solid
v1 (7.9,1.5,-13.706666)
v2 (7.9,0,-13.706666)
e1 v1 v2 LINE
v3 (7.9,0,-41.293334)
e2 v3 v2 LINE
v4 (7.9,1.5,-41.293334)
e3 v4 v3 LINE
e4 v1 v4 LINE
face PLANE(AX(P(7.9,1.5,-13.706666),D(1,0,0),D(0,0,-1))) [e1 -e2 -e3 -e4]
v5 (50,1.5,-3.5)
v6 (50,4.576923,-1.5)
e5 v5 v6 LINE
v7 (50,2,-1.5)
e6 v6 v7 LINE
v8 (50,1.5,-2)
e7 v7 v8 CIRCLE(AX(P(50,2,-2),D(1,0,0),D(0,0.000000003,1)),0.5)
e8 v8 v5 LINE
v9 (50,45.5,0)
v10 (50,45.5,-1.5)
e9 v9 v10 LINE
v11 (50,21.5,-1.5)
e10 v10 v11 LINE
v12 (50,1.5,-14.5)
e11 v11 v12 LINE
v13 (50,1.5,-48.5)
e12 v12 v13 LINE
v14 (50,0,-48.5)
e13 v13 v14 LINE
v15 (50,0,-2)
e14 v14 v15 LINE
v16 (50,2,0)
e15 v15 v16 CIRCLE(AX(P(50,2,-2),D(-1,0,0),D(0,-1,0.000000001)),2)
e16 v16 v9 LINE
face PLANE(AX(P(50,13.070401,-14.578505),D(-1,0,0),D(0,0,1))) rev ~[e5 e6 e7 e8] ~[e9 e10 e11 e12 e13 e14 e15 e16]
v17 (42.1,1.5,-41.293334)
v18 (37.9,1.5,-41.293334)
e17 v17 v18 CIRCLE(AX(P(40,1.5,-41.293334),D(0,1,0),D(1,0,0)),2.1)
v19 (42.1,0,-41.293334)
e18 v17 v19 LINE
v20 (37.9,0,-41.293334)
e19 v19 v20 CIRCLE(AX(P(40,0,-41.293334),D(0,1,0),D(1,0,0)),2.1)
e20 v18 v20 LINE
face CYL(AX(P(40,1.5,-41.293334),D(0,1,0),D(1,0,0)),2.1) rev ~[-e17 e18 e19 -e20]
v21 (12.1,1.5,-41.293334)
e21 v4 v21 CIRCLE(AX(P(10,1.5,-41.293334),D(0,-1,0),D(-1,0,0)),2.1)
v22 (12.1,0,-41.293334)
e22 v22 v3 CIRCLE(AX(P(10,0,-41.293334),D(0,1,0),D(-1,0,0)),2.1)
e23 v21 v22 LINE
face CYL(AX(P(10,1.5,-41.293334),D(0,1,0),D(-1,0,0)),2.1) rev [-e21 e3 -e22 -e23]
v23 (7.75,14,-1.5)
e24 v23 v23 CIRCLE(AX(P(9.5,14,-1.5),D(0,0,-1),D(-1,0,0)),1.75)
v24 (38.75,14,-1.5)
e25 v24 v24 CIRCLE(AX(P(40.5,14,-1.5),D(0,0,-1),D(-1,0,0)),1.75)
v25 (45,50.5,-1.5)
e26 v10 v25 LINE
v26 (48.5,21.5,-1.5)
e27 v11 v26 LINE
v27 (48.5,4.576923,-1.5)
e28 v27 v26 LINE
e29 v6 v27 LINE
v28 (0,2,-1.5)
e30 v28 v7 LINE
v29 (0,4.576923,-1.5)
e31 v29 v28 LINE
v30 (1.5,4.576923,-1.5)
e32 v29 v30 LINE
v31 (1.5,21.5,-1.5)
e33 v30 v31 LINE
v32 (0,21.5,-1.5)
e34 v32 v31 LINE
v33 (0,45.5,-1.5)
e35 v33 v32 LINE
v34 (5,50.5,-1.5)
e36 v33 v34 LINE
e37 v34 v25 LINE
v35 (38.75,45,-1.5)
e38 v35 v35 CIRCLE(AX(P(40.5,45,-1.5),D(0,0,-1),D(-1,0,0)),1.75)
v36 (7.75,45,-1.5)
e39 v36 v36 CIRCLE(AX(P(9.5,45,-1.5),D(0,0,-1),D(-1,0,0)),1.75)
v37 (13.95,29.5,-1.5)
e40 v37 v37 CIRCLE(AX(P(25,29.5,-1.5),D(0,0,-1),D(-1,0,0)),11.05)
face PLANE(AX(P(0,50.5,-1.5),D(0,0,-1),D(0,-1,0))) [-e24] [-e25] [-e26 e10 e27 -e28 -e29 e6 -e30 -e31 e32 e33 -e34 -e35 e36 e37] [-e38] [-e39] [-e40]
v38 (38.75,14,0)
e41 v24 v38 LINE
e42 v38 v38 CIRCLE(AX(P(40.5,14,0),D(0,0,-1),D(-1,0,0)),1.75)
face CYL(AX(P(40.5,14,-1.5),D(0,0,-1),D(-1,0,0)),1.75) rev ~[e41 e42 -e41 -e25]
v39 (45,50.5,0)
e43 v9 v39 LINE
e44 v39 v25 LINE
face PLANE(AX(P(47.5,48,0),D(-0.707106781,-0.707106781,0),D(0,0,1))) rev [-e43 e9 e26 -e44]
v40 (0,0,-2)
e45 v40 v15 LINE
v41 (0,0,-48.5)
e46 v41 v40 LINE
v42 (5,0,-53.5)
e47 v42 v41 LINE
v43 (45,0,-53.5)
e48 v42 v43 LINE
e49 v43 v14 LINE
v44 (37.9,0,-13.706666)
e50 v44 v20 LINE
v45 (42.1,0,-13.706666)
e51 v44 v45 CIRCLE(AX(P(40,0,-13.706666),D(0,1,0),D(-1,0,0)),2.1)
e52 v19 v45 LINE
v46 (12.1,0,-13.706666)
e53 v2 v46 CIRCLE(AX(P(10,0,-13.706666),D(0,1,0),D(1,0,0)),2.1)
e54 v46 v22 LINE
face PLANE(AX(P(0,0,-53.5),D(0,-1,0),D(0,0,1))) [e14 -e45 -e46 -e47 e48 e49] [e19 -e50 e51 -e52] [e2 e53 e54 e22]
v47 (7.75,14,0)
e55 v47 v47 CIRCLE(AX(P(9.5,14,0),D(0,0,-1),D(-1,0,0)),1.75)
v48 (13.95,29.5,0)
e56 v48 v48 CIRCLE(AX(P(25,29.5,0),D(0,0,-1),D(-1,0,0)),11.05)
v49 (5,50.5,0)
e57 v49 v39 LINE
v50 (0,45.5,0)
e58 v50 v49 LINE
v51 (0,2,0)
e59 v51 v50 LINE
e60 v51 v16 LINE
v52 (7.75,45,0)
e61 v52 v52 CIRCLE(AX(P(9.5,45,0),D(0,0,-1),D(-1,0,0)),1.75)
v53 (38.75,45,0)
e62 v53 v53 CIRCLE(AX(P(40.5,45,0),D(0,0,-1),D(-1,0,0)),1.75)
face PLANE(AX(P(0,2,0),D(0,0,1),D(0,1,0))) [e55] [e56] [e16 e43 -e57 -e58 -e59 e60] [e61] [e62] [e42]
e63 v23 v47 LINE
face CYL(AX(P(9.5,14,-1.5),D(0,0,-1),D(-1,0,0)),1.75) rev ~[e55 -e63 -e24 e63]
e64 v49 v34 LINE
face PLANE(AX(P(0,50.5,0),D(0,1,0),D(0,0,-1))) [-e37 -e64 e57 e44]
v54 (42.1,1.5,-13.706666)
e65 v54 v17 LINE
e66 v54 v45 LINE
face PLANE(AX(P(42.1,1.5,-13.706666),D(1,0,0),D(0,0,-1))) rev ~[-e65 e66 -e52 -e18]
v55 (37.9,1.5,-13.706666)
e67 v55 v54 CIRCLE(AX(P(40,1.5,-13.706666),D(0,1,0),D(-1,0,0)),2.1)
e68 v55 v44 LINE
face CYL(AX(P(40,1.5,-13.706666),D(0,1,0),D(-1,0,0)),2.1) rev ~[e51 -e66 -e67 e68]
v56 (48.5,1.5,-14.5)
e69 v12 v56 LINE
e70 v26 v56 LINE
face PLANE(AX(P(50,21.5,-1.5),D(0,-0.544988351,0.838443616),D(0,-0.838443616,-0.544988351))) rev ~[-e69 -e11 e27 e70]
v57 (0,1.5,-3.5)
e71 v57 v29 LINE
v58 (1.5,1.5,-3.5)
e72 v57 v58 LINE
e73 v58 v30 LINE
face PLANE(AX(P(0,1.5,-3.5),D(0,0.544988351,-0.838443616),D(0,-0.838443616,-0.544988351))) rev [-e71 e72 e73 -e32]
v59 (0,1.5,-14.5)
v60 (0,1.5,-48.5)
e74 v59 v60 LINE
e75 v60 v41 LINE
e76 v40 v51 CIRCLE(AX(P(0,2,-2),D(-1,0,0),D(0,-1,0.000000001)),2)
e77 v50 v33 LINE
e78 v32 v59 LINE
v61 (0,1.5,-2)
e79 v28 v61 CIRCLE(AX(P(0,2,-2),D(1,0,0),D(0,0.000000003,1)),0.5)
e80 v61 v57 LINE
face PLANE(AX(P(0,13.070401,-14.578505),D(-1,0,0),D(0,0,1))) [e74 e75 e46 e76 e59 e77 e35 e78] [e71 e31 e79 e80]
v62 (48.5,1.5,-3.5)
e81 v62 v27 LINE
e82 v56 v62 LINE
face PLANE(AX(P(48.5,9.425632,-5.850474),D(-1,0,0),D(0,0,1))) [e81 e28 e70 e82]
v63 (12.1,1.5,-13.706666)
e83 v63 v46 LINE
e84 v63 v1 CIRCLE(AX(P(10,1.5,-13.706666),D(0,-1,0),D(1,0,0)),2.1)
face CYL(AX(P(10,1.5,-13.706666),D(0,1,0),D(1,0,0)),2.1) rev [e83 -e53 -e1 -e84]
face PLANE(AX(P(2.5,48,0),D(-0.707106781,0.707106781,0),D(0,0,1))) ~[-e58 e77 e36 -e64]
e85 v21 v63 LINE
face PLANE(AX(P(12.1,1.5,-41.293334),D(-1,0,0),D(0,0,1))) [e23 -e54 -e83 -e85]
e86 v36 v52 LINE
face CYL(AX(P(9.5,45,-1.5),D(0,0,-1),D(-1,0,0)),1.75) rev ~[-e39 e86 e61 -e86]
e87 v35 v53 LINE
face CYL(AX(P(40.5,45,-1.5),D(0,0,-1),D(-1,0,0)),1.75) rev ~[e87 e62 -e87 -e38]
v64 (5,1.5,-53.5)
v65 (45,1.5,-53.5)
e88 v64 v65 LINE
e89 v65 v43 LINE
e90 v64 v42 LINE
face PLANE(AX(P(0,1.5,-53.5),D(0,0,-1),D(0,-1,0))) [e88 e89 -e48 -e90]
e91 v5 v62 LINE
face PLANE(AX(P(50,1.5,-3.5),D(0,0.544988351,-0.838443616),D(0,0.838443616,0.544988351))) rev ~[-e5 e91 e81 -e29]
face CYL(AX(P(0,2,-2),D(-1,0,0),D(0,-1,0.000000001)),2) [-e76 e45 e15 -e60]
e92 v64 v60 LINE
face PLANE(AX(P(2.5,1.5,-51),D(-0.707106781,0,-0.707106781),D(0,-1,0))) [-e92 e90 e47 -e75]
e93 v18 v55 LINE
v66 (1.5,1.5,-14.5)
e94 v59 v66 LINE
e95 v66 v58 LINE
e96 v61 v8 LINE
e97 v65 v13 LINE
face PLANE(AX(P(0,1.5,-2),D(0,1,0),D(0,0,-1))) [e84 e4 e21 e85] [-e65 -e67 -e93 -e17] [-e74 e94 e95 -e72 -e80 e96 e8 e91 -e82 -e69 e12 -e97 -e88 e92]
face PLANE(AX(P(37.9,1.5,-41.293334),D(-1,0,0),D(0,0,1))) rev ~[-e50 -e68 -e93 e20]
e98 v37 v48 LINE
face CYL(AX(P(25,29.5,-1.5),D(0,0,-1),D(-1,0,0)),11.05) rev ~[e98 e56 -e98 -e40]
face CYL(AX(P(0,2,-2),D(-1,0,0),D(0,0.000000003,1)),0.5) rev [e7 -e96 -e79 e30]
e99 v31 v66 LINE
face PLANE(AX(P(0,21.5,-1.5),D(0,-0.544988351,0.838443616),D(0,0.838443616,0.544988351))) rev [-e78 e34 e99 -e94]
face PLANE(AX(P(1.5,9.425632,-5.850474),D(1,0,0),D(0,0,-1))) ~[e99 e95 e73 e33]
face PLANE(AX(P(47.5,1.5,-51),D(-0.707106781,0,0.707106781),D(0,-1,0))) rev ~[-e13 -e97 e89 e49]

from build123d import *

# Parameters (mm, degrees)
LINEAR_AUSTRAGEN_D_NN1_DEPTH    = 50
SKIZZE2_R                       = 11.05
SKIZZE2_R_2                     = 1.75
SCHNITT_LINEAR_AUSTRAGEN1_DEPTH = 2.5
AUFSATZ_LINEAR_AUSTRAGEN1_DEPTH = 1.5
SCHNITT_LINEAR_AUSTRAGEN2_DEPTH = 2.5
FASE1_SIZE                      = 5


with BuildPart() as part:
    # Skizze1 → Linear-Austragen-Dünn1 (new body)
    with BuildSketch(Plane(origin=(0, 0, 0), x_dir=(0, 0, -1), z_dir=(1, 0, 0))):
        with BuildLine():
            Line((53.5, 0), (2, 0))
            ThreePointArc((2, 0), (0.585786438, 0.585786438), (0, 2))
            Line((0, 2), (0, 50.5))
            Line((0, 50.5), (1.5, 50.5))
            Line((1.5, 50.5), (1.5, 2))
            ThreePointArc((1.5, 2), (1.646446609, 1.646446609), (2, 1.5))
            Line((2, 1.5), (53.5, 1.5))
            Line((53.5, 1.5), (53.5, 0))
        make_face()
    extrude(amount=LINEAR_AUSTRAGEN_D_NN1_DEPTH)

    # Skizze2 → Schnitt-Linear austragen1 (cut, through all)
    with BuildSketch(Plane(origin=(0, 0, -1.5), x_dir=(-1, 0, 0), z_dir=(0, 0, -1))):
        with Locations((-25, 29.5)):
            Circle(SKIZZE2_R)
        with Locations((-40.5, 45)):
            Circle(SKIZZE2_R_2)
        with Locations((-9.5, 45)):
            Circle(SKIZZE2_R_2)
        with Locations((-9.5, 14)):
            Circle(SKIZZE2_R_2)
        with Locations((-40.5, 14)):
            Circle(SKIZZE2_R_2)
    extrude(amount=-SCHNITT_LINEAR_AUSTRAGEN1_DEPTH, mode=Mode.SUBTRACT)

    # Skizze3 → Aufsatz-Linear austragen1 (add)
    with BuildSketch(Plane(origin=(50, 0, 0), x_dir=(0, 0, -1), z_dir=(1, 0, 0))):
        Polygon((1.5, 21.5), (14.5, 1.5), (3.5, 1.5), (1.5, 4.576923077), align=None)
    aufsatz_linear_austragen1 = extrude(amount=-AUFSATZ_LINEAR_AUSTRAGEN1_DEPTH)

    # Spiegeln1: Aufsatz-Linear austragen1 across plane
    add(aufsatz_linear_austragen1.mirror(Plane(origin=(25, 0, 0), x_dir=(0, 0, 1), z_dir=(1, 0, 0))))

    # Skizze4 → Schnitt-Linear austragen2 (cut, through all)
    with BuildSketch(Plane(origin=(0, 1.5, 0), x_dir=(1, 0, 0), z_dir=(0, 1, 0))):
        with BuildLine():
            Line((7.9, 13.706666488), (7.9, 41.293333512))
            ThreePointArc((7.9, 41.293333512), (10, 43.393333512), (12.1, 41.293333512))
            Line((12.1, 41.293333512), (12.1, 13.706666488))
            ThreePointArc((12.1, 13.706666488), (10, 11.606666488), (7.9, 13.706666488))
        make_face()
        with BuildLine():
            Line((42.1, 13.706666488), (42.1, 41.293333512))
            ThreePointArc((42.1, 41.293333512), (40, 43.393333512), (37.9, 41.293333512))
            Line((37.9, 41.293333512), (37.9, 13.706666488))
            ThreePointArc((37.9, 13.706666488), (40, 11.606666488), (42.1, 13.706666488))
        make_face()
    extrude(amount=-SCHNITT_LINEAR_AUSTRAGEN2_DEPTH, mode=Mode.SUBTRACT)

    # Fase1
    fase1_edges = [part.edges().sort_by_distance(p)[0] for p in [
        (50, 50.5, -0.75),
        (50, 0.75, -53.5),
        (0, 50.5, -0.75),
        (0, 0.75, -53.5),
    ]]
    chamfer(fase1_edges, length=FASE1_SIZE)


solid = part.part
